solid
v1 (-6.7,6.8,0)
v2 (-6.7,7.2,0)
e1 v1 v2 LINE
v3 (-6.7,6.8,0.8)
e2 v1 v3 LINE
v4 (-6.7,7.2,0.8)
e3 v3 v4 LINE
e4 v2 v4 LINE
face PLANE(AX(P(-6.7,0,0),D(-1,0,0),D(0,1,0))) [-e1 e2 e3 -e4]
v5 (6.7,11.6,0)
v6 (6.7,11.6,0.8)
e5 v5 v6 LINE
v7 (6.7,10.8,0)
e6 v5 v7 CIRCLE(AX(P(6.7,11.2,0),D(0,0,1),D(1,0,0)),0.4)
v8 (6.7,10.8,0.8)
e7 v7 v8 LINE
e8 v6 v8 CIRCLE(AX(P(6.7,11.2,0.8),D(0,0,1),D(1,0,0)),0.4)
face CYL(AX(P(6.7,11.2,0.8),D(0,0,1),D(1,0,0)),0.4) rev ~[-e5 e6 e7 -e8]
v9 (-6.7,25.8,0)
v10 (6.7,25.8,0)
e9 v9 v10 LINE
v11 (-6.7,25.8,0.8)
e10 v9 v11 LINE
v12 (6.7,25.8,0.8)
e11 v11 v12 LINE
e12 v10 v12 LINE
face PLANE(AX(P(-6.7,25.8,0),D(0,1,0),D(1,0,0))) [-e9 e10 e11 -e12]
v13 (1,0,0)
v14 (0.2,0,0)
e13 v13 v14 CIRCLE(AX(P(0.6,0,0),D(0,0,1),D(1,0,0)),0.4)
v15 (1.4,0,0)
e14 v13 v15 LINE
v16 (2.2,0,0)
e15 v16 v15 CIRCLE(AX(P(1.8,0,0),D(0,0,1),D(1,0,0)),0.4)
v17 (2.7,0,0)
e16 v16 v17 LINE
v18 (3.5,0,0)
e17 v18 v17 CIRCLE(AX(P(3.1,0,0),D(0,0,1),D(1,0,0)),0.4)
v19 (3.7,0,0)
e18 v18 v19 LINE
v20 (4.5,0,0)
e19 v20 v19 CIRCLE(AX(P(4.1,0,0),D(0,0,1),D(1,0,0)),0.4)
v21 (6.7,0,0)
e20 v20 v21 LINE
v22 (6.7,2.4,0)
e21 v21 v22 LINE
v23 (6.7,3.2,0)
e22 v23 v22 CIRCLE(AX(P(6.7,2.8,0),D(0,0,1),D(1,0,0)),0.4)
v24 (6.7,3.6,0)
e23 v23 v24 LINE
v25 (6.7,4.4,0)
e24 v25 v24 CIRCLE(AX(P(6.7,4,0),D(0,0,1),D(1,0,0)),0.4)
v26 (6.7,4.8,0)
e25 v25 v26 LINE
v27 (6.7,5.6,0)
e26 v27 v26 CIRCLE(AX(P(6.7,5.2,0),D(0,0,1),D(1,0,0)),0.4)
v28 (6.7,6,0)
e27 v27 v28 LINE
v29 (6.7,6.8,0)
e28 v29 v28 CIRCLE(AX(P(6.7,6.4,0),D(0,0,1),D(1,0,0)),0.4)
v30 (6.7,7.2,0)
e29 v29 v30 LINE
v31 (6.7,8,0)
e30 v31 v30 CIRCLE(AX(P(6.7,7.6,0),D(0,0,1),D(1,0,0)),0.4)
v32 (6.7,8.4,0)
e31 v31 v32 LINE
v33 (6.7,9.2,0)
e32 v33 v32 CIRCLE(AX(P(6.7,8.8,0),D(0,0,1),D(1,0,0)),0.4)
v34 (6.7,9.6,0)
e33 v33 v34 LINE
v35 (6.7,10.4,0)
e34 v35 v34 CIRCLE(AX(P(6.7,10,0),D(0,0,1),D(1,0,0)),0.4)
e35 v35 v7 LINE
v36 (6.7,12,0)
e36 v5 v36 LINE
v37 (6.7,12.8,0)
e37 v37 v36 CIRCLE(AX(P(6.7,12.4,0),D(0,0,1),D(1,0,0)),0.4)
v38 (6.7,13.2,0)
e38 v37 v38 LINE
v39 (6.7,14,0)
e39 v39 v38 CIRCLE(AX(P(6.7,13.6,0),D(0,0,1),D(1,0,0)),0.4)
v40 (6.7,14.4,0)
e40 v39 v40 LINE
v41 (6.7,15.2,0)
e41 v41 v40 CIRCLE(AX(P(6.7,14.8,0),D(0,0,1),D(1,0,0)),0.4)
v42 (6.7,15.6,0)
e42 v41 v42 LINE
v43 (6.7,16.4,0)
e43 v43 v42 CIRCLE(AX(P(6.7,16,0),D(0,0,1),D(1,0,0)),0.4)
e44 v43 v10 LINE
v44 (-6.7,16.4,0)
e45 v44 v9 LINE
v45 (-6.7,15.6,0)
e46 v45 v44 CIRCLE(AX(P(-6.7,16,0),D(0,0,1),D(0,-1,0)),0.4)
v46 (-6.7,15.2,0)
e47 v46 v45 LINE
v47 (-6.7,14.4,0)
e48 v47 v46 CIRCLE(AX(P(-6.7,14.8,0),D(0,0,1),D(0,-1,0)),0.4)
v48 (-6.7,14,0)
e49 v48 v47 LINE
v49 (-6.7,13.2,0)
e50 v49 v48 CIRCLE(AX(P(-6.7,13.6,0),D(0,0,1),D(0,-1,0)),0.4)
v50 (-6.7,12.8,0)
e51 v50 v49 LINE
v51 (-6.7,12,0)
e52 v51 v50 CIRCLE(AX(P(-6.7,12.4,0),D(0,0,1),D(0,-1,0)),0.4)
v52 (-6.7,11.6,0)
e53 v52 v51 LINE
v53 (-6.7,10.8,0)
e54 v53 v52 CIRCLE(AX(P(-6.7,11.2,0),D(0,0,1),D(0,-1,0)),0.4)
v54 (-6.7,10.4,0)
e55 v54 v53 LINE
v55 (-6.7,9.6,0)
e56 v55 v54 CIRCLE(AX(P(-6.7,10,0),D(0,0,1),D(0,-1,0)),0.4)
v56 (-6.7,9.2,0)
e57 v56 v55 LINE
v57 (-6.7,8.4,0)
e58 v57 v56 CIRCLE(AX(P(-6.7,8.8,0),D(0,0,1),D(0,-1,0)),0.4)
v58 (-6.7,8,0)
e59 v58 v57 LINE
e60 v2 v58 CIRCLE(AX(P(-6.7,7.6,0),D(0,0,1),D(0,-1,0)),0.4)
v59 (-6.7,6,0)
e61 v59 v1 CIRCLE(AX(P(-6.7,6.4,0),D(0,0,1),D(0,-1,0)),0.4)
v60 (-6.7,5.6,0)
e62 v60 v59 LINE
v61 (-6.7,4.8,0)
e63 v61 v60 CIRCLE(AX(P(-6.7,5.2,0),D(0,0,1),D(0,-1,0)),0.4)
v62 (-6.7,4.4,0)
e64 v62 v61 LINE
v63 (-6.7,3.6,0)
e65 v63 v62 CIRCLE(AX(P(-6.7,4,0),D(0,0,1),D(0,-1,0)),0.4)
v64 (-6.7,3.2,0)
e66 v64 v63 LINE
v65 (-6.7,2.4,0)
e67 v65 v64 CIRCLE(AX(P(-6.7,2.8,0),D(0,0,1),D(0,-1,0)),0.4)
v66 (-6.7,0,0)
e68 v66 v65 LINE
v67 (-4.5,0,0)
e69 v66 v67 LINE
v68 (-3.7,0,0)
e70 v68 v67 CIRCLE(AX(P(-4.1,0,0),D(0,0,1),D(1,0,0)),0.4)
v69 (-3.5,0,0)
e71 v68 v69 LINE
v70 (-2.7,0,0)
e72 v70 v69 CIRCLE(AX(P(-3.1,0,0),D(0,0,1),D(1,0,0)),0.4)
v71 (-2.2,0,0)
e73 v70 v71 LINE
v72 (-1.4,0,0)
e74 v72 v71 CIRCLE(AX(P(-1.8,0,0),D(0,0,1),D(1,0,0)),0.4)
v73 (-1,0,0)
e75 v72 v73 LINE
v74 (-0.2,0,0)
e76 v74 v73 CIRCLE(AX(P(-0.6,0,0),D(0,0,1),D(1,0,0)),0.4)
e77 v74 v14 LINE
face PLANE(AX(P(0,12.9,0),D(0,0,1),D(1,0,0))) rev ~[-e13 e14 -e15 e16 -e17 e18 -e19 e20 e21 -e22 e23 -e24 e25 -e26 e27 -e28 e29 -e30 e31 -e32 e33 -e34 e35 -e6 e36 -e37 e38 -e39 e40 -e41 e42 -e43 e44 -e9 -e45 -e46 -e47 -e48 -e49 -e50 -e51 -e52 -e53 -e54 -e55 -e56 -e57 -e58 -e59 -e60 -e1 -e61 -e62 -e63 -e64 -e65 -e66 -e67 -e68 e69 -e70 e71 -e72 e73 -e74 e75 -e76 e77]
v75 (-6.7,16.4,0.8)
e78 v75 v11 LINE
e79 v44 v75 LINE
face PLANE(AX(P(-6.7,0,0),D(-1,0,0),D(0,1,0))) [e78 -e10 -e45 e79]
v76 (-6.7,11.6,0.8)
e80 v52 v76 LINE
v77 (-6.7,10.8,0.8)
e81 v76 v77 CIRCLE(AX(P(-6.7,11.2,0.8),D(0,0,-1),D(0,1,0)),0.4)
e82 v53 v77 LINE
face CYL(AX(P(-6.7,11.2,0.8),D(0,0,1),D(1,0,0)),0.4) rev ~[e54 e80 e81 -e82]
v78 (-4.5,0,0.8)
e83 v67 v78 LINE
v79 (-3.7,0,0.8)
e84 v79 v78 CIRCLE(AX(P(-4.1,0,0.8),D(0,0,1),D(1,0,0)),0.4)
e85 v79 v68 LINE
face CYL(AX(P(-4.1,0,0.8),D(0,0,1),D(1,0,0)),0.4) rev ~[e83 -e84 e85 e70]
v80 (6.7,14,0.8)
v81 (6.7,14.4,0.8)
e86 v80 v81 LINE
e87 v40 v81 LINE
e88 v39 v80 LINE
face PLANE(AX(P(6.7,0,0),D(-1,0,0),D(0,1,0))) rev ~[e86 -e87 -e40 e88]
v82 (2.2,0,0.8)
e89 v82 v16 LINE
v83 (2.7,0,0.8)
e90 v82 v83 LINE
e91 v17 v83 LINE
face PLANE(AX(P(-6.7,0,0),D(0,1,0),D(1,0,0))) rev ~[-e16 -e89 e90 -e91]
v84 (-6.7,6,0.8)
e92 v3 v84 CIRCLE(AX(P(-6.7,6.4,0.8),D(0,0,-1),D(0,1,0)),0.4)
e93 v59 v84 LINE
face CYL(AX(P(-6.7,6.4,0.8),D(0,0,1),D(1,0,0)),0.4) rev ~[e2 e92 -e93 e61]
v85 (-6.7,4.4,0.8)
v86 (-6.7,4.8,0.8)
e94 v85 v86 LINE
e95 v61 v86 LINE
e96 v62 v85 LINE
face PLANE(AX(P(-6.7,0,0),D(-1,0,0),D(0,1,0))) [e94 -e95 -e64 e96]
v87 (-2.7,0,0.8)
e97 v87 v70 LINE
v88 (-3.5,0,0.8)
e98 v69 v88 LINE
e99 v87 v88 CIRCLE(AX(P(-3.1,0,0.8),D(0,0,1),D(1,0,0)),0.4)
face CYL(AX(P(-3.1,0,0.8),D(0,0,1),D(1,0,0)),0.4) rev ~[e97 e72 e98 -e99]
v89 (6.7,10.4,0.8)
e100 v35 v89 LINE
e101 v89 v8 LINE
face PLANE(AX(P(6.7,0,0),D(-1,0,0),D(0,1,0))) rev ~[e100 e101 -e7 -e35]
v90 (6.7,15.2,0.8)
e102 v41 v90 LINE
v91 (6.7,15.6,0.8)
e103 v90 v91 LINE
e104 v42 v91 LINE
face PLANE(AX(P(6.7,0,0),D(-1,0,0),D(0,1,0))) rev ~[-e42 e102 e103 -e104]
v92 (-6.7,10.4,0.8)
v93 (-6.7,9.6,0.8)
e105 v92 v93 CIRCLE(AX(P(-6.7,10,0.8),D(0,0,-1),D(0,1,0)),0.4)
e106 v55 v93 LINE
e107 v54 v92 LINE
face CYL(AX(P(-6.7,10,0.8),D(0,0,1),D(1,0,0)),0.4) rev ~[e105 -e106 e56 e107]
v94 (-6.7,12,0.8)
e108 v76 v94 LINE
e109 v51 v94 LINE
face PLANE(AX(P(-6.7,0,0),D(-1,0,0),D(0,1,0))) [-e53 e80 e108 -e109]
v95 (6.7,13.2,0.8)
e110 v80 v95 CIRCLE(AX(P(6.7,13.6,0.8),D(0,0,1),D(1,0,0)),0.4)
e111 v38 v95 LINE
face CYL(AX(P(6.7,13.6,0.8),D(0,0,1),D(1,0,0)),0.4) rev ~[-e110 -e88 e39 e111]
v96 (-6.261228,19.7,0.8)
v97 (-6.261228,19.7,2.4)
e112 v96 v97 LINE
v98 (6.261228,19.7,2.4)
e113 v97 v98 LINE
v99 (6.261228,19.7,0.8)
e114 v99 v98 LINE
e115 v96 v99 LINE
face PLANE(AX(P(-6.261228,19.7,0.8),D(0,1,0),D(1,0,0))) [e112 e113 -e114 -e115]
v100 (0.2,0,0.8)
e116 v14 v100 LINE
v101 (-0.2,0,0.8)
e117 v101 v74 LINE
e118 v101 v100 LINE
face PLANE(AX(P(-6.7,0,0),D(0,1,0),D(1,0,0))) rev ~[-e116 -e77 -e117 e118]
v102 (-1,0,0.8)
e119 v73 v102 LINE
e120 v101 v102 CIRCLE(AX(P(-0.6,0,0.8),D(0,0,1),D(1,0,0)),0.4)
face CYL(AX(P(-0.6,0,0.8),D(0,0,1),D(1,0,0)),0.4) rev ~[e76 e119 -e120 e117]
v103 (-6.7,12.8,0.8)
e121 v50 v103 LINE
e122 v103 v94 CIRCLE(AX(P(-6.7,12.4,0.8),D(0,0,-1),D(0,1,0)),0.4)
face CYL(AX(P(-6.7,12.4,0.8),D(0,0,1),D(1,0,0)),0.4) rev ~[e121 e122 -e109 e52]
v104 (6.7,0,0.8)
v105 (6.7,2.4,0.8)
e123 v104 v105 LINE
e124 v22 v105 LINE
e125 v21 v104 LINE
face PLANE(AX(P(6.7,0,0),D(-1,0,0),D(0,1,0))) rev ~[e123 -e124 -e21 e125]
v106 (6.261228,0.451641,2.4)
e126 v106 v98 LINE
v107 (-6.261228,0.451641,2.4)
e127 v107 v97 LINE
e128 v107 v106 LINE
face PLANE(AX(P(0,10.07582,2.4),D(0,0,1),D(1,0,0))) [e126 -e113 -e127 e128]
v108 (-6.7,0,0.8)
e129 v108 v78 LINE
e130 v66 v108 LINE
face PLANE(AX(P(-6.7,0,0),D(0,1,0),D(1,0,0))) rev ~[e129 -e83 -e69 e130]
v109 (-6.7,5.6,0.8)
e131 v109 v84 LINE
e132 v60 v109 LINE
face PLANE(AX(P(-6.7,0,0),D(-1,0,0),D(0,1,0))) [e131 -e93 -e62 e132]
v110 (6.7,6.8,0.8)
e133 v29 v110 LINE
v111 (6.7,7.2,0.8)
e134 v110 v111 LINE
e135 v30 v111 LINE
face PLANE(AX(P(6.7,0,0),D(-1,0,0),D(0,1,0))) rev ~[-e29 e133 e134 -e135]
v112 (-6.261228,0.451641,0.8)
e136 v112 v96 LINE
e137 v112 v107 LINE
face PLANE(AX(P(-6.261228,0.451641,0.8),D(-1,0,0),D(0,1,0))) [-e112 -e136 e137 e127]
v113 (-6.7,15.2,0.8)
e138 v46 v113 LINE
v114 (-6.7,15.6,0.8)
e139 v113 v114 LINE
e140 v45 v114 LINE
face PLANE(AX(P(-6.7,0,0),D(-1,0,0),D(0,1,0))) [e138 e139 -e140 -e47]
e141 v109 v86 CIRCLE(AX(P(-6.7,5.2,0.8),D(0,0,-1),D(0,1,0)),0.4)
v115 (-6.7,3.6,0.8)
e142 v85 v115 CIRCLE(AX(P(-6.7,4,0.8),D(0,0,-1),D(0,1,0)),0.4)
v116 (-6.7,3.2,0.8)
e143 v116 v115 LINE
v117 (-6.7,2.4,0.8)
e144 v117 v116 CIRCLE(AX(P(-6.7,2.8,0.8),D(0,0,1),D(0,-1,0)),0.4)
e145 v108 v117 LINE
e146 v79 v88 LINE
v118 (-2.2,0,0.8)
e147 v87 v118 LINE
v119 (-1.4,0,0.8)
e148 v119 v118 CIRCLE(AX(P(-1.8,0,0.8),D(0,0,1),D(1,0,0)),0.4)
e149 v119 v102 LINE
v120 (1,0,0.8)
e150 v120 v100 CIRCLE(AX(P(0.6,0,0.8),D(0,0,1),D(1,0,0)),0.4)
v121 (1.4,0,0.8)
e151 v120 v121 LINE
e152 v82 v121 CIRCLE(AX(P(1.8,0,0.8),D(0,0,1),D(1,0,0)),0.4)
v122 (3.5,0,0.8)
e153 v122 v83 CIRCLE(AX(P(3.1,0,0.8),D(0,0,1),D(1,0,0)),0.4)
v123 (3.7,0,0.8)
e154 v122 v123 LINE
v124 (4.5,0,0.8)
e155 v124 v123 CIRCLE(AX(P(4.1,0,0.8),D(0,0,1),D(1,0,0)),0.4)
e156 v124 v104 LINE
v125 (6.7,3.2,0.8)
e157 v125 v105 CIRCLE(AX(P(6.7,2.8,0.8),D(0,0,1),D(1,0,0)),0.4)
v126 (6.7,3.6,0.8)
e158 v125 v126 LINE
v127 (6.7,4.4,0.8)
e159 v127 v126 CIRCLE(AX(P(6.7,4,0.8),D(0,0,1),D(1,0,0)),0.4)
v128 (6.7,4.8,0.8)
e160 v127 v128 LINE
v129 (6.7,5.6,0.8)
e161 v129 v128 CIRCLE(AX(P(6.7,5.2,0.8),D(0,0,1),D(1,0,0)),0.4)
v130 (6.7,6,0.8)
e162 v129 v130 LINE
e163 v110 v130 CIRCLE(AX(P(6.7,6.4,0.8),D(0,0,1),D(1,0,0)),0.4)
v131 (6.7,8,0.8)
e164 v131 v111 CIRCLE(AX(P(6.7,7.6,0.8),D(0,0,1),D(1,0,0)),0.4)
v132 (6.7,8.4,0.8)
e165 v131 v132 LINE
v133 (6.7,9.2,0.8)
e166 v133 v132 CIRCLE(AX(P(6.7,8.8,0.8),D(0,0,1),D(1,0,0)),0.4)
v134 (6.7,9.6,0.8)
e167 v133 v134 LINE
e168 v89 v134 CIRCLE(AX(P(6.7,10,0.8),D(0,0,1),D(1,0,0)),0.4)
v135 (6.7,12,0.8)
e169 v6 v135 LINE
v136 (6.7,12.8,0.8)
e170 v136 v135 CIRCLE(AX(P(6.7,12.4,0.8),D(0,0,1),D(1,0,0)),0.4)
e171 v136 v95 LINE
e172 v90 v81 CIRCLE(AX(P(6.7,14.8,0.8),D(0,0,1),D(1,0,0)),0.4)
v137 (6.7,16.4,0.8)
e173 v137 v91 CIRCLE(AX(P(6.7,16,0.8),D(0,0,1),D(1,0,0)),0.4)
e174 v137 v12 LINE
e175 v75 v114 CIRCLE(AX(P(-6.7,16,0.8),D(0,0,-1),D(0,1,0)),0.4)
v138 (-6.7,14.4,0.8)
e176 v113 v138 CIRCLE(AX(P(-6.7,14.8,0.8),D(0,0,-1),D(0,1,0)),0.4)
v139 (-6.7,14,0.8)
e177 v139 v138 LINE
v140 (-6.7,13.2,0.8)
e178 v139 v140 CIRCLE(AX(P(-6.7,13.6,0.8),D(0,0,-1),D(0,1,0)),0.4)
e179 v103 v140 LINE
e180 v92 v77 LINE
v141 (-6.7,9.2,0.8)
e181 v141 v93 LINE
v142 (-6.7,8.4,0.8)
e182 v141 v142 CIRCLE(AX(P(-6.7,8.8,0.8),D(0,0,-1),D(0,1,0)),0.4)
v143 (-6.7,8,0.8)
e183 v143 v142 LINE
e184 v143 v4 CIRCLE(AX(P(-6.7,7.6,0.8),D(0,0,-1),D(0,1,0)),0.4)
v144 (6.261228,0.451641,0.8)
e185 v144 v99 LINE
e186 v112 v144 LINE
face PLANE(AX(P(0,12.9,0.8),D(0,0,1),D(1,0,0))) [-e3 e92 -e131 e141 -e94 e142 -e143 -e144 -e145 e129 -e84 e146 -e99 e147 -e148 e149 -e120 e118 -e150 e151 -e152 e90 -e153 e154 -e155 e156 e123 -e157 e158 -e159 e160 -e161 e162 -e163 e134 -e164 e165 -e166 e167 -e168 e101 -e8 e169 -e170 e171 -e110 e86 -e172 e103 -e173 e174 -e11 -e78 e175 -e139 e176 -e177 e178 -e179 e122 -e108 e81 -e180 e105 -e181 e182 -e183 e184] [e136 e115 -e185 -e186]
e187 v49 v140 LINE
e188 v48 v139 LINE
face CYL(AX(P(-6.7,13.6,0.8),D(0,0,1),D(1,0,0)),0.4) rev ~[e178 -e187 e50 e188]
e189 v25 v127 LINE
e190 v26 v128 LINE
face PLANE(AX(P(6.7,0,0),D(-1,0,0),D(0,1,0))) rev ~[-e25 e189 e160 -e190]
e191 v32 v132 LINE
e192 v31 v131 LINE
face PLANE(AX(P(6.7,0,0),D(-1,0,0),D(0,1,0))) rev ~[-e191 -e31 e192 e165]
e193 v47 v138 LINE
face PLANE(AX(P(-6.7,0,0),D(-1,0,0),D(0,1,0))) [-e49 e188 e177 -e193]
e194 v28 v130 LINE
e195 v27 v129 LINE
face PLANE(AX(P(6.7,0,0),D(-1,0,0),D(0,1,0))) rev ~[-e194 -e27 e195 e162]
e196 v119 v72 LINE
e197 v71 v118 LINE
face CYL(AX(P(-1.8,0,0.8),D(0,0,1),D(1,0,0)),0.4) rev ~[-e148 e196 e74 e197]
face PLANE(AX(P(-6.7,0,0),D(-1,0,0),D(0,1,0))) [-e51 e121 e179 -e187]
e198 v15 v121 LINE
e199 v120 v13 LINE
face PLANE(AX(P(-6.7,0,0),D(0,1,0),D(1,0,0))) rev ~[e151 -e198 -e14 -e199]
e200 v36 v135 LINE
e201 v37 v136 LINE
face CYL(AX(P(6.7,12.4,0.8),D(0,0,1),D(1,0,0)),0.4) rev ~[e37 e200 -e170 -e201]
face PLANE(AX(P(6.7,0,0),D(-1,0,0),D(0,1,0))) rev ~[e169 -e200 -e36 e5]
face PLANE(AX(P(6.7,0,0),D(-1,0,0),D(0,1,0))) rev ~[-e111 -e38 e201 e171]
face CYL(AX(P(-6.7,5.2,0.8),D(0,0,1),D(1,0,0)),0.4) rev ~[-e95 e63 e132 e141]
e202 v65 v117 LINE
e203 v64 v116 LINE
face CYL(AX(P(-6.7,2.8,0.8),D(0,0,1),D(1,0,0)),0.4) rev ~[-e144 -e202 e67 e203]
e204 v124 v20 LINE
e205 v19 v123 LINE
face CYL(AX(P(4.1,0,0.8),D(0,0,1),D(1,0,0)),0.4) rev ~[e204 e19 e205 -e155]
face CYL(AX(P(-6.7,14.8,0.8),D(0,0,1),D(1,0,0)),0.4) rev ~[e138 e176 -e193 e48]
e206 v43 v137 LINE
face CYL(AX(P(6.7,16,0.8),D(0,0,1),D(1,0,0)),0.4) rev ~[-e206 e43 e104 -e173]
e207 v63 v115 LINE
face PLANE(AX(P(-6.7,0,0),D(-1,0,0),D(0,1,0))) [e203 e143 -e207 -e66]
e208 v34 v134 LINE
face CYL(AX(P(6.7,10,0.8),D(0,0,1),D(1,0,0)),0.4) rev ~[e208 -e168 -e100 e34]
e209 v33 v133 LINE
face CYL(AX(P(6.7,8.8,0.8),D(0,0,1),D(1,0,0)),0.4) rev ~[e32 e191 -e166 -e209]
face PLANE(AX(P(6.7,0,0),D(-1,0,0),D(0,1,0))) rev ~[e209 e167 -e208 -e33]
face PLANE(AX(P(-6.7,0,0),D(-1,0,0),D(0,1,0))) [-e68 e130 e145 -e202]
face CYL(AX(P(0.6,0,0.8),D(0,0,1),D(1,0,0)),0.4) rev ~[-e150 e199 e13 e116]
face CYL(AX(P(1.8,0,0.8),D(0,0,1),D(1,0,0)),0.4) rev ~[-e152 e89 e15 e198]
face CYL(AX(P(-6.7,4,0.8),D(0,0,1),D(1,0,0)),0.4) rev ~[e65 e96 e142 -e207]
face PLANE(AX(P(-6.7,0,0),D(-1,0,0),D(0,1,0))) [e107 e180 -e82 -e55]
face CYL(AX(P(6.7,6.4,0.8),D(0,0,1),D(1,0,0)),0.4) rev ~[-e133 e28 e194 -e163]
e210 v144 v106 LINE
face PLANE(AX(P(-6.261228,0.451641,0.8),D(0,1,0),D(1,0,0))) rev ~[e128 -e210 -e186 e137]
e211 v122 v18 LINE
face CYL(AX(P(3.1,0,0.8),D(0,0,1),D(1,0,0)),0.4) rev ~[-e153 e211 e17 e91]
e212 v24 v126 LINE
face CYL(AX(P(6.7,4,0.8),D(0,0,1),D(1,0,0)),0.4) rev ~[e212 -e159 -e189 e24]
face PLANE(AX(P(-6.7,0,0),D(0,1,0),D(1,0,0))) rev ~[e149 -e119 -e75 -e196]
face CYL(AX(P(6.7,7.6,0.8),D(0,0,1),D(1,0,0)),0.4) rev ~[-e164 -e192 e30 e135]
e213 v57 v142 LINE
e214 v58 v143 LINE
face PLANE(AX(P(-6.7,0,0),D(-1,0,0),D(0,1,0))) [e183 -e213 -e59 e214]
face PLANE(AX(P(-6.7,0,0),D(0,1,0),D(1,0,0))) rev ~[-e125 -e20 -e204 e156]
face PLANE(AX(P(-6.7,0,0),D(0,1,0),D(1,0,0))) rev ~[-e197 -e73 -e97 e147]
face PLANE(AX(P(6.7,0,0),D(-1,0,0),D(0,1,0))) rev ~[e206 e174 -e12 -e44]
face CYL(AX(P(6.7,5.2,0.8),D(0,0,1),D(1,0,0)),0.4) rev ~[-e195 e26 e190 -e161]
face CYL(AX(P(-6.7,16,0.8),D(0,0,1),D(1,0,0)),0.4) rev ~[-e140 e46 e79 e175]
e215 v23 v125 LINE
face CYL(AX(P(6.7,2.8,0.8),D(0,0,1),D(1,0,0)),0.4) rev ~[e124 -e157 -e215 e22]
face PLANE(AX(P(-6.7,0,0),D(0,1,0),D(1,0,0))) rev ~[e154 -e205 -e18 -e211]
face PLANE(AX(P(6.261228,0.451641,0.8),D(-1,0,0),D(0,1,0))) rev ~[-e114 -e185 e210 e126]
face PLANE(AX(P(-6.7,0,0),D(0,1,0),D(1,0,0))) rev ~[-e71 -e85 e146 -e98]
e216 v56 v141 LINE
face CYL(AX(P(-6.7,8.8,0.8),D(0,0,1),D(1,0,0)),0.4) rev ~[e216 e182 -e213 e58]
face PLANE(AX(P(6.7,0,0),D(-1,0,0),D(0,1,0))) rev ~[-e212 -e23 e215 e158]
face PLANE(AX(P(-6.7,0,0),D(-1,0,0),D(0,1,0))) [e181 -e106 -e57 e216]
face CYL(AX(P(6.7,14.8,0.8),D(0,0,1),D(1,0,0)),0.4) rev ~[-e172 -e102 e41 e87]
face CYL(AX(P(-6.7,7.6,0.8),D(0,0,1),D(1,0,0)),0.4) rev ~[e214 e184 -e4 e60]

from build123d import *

# Parameters (mm, degrees)
F0_W     = 13.4
F0_H     = 25.8
F1_DEPTH = 0.8
F2_R     = 0.4
F3_DEPTH = 25
F4_W     = 12.522456
F4_H     = 19.248359
F5_DEPTH = 1.6


with BuildPart() as f1:
    # F0 (on Top) → F1 (new body)
    with BuildSketch(Plane.XY):
        with Locations((0, 12.9)):
            Rectangle(F0_W, F0_H)
    extrude(amount=F1_DEPTH)

    # F2 (on face) → F3 (cut)
    with BuildSketch(Plane.XY.offset(0.8)):
        with Locations((-6.7, 2.8)):
            Circle(F2_R)
        with Locations((-6.7, 4)):
            Circle(F2_R)
        with Locations((-6.7, 5.2)):
            Circle(F2_R)
        with Locations((-6.7, 6.4)):
            Circle(F2_R)
        with Locations((-6.7, 7.6)):
            Circle(F2_R)
        with Locations((-6.7, 8.8)):
            Circle(F2_R)
        with Locations((-6.7, 10)):
            Circle(F2_R)
        with Locations((-6.7, 11.2)):
            Circle(F2_R)
        with Locations((-6.7, 12.4)):
            Circle(F2_R)
        with Locations((-6.7, 13.6)):
            Circle(F2_R)
        with Locations((-6.7, 14.8)):
            Circle(F2_R)
        with Locations((-6.7, 16)):
            Circle(F2_R)
        with Locations((6.7, 2.8)):
            Circle(F2_R)
        with Locations((6.7, 4)):
            Circle(F2_R)
        with Locations((6.7, 5.2)):
            Circle(F2_R)
        with Locations((6.7, 6.4)):
            Circle(F2_R)
        with Locations((6.7, 7.6)):
            Circle(F2_R)
        with Locations((6.7, 8.8)):
            Circle(F2_R)
        with Locations((6.7, 10)):
            Circle(F2_R)
        with Locations((6.7, 11.2)):
            Circle(F2_R)
        with Locations((6.7, 12.4)):
            Circle(F2_R)
        with Locations((6.7, 13.6)):
            Circle(F2_R)
        with Locations((6.7, 14.8)):
            Circle(F2_R)
        with Locations((6.7, 16)):
            Circle(F2_R)
        with Locations((-4.1, 0)):
            Circle(F2_R)
        with Locations((-3.1, 0)):
            Circle(F2_R)
        with Locations((-1.8, 0)):
            Circle(F2_R)
        with Locations((-0.6, 0)):
            Circle(F2_R)
        with Locations((0.6, 0)):
            Circle(F2_R)
        with Locations((1.8, 0)):
            Circle(F2_R)
        with Locations((3.1, 0)):
            Circle(F2_R)
        with Locations((4.1, 0)):
            Circle(F2_R)
    extrude(amount=-F3_DEPTH, mode=Mode.SUBTRACT)

    # F4 (on face) → F5 (join)
    with BuildSketch(Plane.XY.offset(0.8)):
        with Locations((0, 10.07582)):
            Rectangle(F4_W, F4_H)
    extrude(amount=F5_DEPTH)


solid = f1.part
